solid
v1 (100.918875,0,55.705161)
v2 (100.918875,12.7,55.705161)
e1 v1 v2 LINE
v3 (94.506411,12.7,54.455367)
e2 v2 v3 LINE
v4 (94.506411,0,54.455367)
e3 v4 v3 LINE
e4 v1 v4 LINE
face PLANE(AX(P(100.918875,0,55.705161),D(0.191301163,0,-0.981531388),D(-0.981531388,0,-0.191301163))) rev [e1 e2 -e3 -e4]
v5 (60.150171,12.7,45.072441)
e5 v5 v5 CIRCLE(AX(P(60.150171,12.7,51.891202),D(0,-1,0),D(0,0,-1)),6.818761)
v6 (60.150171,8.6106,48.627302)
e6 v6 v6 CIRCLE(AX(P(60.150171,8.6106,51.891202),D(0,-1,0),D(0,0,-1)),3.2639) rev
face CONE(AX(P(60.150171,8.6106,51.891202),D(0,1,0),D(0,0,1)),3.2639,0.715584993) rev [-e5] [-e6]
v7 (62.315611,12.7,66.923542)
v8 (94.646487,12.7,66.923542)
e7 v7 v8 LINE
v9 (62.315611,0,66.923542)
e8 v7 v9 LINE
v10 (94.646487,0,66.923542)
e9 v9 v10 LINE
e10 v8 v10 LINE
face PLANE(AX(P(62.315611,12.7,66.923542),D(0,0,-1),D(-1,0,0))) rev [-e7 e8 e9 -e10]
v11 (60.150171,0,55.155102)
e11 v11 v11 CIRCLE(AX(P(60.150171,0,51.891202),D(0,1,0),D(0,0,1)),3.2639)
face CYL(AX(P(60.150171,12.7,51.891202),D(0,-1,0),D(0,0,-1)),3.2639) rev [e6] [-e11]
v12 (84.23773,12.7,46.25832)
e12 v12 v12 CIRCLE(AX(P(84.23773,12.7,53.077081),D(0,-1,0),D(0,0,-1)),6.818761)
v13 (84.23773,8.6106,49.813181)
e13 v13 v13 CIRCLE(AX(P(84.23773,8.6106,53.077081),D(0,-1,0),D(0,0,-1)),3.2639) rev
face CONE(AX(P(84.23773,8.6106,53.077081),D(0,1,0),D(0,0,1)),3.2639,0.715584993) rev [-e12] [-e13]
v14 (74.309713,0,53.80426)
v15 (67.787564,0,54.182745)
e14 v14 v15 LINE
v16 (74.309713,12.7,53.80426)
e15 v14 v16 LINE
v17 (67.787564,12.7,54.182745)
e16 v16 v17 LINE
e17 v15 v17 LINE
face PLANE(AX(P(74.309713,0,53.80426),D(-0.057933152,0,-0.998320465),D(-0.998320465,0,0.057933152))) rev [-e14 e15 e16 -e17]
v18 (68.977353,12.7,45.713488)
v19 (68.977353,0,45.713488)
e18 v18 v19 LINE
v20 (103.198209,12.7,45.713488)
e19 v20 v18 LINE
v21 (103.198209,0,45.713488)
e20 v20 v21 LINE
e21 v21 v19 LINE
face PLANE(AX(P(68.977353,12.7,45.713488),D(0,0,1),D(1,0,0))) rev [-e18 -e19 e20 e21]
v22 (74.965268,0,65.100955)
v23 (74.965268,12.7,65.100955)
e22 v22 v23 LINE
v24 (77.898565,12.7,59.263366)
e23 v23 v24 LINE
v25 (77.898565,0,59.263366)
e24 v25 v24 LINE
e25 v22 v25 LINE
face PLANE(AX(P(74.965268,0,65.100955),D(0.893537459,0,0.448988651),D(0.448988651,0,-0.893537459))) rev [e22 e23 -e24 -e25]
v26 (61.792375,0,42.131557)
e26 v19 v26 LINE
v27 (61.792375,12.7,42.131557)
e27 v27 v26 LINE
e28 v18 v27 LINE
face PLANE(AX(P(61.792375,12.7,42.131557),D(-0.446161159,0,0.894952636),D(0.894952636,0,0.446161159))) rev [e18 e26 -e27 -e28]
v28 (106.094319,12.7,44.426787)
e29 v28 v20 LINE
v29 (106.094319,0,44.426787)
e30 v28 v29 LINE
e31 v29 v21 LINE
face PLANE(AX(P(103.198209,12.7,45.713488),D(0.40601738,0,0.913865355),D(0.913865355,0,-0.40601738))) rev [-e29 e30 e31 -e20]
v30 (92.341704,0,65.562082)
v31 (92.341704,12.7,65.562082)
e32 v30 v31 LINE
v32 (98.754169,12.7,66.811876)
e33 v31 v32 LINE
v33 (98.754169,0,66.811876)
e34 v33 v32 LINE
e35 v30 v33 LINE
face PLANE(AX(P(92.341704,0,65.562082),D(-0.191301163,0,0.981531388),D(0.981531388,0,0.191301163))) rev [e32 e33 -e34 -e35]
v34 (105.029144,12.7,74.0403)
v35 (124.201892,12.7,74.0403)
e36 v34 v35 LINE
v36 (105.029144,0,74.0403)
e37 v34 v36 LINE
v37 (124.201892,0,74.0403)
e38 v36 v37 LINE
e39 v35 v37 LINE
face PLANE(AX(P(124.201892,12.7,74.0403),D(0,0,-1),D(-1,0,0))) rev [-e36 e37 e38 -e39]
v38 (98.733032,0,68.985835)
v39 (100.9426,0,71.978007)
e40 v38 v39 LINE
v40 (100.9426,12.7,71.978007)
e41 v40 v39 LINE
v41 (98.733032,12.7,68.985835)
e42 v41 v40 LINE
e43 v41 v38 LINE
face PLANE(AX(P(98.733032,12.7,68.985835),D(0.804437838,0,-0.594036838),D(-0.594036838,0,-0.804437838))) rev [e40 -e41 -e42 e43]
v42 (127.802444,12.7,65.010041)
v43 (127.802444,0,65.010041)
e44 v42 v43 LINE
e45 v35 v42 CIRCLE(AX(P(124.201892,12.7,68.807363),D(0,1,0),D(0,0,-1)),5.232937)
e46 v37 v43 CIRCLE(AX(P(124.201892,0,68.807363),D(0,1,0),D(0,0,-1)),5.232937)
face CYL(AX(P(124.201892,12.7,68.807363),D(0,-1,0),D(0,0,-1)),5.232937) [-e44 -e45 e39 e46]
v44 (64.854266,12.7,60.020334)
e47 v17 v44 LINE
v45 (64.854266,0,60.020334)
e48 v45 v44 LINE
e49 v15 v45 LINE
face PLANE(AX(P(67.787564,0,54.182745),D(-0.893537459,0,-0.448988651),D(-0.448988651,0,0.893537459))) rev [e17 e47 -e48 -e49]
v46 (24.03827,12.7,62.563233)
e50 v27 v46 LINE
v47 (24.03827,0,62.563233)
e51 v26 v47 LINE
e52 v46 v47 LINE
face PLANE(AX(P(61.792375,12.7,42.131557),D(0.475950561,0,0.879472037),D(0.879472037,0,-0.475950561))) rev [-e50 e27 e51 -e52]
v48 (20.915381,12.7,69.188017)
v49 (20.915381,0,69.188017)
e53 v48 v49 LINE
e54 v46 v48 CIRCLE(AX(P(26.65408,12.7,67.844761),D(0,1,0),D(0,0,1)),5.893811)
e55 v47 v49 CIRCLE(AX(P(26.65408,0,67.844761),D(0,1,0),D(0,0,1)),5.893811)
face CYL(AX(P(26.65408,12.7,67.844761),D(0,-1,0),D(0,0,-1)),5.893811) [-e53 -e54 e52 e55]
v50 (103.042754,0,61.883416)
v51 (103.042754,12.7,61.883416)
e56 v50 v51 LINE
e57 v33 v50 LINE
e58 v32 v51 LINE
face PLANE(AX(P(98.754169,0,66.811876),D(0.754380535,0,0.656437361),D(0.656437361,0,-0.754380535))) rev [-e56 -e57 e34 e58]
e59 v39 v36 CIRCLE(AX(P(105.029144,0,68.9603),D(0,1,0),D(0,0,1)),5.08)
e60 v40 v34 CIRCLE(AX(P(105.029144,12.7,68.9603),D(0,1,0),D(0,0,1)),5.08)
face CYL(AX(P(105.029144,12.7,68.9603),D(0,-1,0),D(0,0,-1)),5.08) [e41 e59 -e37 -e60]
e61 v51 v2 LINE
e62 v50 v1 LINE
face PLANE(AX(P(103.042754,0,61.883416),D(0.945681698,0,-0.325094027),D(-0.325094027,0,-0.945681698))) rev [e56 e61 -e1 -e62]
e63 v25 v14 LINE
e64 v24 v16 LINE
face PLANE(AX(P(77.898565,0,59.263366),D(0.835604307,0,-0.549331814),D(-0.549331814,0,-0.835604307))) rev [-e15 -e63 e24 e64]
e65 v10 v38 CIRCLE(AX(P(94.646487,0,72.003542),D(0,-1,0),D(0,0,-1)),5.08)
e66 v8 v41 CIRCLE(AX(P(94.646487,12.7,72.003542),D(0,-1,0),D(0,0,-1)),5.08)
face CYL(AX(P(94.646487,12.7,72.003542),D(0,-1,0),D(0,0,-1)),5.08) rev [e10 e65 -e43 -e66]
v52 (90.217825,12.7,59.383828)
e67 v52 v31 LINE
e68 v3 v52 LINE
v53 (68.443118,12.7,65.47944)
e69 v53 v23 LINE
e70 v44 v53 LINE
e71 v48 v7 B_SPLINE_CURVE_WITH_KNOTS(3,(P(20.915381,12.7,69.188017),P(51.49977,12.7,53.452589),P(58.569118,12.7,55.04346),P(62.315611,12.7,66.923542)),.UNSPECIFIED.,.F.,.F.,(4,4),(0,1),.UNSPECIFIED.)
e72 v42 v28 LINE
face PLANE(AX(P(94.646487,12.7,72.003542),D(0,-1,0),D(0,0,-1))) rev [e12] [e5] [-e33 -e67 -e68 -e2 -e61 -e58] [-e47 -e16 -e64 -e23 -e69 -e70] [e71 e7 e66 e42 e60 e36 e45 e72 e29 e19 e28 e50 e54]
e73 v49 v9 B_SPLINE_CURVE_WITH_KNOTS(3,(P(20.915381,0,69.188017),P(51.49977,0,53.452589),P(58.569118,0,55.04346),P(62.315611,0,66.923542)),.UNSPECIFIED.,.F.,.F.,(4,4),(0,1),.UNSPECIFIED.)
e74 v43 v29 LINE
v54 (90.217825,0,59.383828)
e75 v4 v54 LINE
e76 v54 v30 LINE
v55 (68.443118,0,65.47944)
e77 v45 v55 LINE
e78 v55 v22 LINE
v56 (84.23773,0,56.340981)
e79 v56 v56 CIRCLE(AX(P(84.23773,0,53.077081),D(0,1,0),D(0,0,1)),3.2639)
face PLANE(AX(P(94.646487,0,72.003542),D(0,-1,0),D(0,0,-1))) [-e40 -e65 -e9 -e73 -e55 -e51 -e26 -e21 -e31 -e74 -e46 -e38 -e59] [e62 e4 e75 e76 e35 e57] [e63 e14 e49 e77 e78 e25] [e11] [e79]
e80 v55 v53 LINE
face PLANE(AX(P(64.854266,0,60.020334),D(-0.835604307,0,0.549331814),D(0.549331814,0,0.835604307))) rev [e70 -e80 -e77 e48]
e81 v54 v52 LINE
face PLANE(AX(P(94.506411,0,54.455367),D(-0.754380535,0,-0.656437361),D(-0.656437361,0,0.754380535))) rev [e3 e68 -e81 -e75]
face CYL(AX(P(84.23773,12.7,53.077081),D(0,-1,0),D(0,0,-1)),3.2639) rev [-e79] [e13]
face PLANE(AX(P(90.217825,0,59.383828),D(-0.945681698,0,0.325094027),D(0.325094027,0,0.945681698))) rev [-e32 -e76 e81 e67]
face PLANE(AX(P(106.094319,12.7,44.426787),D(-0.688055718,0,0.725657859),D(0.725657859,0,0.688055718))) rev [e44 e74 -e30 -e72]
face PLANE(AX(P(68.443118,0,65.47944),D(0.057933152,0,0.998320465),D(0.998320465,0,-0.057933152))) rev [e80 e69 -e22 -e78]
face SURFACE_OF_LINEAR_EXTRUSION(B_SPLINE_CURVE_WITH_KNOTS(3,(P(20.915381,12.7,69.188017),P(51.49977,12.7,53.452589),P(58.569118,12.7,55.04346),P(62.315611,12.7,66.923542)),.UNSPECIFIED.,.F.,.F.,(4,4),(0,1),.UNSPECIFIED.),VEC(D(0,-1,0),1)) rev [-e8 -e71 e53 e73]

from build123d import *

# Parameters (mm, degrees)
SKETCH1_R             = 3.2639
BOSS_EXTRUDE1_DEPTH   = 12.7
CHAMFER1_SIZE         = 4.0894
CHAMFER1_SIZE2        = 3.554861186
CHAMFER1_PART_2_SIZE  = 4.0894
CHAMFER1_PART_2_SIZE2 = 3.554861186
CUT_EXTRUDE1_DEPTH    = 13.7000001


with BuildPart() as part:
    # Sketch1 → Boss-Extrude1 (new body)
    with BuildSketch(Plane(origin=(0, 0, 0), x_dir=(1, 0, 0), z_dir=(0, 1, 0))):
        with BuildLine():
            Line((98.733031573, -68.985835228), (100.942599672, -71.978006872))
            ThreePointArc((100.942599672, -71.978006872), (102.740427245, -73.495514847), (105.029143887, -74.040299732))
            Line((105.029143887, -74.040299732), (124.201892168, -74.040299732))
            ThreePointArc((124.201892168, -74.040299732), (129.062693158, -70.745465469), (127.802444272, -65.010041176))
            Line((127.802444272, -65.010041176), (106.094318665, -44.426787292))
            Line((106.094318665, -44.426787292), (103.19820861, -45.713487798))
            Line((103.19820861, -45.713487798), (68.977352979, -45.713487798))
            Line((68.977352979, -45.713487798), (61.792374607, -42.131557151))
            Line((61.792374607, -42.131557151), (24.038270246, -62.563232545))
            ThreePointArc((24.038270246, -62.563232545), (21.322907648, -65.331673968), (20.915380805, -69.188017292))
            add(Edge.make_bspline(
                [(62.315611289, -66.923542367), (58.569118303, -55.043460273), (51.499770267, -53.452589153), (20.915380805, -69.188017292)],
                knots=[0, 0, 0, 0, 1, 1, 1, 1], degree=3))
            Line((62.315611289, -66.923542367), (94.646487358, -66.923542367))
            ThreePointArc((94.646487358, -66.923542367), (96.935204, -67.468327252), (98.733031573, -68.985835228))
        make_face()
        with Locations((60.150170667, -51.891201826)):
            Circle(SKETCH1_R, mode=Mode.SUBTRACT)
        with Locations((71.3764156, -59.641849895)):
            Circle(SKETCH1_R, mode=Mode.SUBTRACT)
        with Locations((84.237729699, -53.077081169)):
            Circle(SKETCH1_R, mode=Mode.SUBTRACT)
        with Locations((96.63028976, -60.633621731)):
            Circle(SKETCH1_R, mode=Mode.SUBTRACT)
    extrude(amount=BOSS_EXTRUDE1_DEPTH)

    # Chamfer1
    chamfer1_edges = [part.edges().sort_by_distance(p)[0] for p in [
        (56.886270667, 12.7, 51.891201826),
    ]]
    chamfer1_side = [part.faces().sort_by_distance(p)[0] for p in [
        (56.886270667, 6.35, 51.891201826),
    ]]
    chamfer(chamfer1_edges, length=CHAMFER1_SIZE, length2=CHAMFER1_SIZE2, reference=chamfer1_side[0])

    # Chamfer1 part 2
    chamfer1_part_2_edges = [part.edges().sort_by_distance(p)[0] for p in [
        (80.973829699, 12.7, 53.077081169),
    ]]
    chamfer1_part_2_side = [part.faces().sort_by_distance(p)[0] for p in [
        (80.973829699, 6.35, 53.077081169),
    ]]
    chamfer(chamfer1_part_2_edges, length=CHAMFER1_PART_2_SIZE, length2=CHAMFER1_PART_2_SIZE2, reference=chamfer1_part_2_side[0])

    # Sketch2 → Cut-Extrude1 (cut, through all)
    with BuildSketch(Plane(origin=(0, 12.7, 0), x_dir=(1, 0, 0), z_dir=(0, 1, 0))):
        Polygon((77.89856543, -59.263365519), (74.30971343, -53.804260267), (67.7875636, -54.182744643), (64.85426577, -60.020334272), (68.443117769, -65.479439524), (74.9652676, -65.100955148), align=None)
        Polygon((103.042754495, -61.883415654), (100.918875415, -55.705161331), (94.50641068, -54.455367408), (90.217825025, -59.383827808), (92.341704106, -65.562082131), (98.754168841, -66.811876054), align=None)
    extrude(amount=-CUT_EXTRUDE1_DEPTH, mode=Mode.SUBTRACT)


solid = part.part
